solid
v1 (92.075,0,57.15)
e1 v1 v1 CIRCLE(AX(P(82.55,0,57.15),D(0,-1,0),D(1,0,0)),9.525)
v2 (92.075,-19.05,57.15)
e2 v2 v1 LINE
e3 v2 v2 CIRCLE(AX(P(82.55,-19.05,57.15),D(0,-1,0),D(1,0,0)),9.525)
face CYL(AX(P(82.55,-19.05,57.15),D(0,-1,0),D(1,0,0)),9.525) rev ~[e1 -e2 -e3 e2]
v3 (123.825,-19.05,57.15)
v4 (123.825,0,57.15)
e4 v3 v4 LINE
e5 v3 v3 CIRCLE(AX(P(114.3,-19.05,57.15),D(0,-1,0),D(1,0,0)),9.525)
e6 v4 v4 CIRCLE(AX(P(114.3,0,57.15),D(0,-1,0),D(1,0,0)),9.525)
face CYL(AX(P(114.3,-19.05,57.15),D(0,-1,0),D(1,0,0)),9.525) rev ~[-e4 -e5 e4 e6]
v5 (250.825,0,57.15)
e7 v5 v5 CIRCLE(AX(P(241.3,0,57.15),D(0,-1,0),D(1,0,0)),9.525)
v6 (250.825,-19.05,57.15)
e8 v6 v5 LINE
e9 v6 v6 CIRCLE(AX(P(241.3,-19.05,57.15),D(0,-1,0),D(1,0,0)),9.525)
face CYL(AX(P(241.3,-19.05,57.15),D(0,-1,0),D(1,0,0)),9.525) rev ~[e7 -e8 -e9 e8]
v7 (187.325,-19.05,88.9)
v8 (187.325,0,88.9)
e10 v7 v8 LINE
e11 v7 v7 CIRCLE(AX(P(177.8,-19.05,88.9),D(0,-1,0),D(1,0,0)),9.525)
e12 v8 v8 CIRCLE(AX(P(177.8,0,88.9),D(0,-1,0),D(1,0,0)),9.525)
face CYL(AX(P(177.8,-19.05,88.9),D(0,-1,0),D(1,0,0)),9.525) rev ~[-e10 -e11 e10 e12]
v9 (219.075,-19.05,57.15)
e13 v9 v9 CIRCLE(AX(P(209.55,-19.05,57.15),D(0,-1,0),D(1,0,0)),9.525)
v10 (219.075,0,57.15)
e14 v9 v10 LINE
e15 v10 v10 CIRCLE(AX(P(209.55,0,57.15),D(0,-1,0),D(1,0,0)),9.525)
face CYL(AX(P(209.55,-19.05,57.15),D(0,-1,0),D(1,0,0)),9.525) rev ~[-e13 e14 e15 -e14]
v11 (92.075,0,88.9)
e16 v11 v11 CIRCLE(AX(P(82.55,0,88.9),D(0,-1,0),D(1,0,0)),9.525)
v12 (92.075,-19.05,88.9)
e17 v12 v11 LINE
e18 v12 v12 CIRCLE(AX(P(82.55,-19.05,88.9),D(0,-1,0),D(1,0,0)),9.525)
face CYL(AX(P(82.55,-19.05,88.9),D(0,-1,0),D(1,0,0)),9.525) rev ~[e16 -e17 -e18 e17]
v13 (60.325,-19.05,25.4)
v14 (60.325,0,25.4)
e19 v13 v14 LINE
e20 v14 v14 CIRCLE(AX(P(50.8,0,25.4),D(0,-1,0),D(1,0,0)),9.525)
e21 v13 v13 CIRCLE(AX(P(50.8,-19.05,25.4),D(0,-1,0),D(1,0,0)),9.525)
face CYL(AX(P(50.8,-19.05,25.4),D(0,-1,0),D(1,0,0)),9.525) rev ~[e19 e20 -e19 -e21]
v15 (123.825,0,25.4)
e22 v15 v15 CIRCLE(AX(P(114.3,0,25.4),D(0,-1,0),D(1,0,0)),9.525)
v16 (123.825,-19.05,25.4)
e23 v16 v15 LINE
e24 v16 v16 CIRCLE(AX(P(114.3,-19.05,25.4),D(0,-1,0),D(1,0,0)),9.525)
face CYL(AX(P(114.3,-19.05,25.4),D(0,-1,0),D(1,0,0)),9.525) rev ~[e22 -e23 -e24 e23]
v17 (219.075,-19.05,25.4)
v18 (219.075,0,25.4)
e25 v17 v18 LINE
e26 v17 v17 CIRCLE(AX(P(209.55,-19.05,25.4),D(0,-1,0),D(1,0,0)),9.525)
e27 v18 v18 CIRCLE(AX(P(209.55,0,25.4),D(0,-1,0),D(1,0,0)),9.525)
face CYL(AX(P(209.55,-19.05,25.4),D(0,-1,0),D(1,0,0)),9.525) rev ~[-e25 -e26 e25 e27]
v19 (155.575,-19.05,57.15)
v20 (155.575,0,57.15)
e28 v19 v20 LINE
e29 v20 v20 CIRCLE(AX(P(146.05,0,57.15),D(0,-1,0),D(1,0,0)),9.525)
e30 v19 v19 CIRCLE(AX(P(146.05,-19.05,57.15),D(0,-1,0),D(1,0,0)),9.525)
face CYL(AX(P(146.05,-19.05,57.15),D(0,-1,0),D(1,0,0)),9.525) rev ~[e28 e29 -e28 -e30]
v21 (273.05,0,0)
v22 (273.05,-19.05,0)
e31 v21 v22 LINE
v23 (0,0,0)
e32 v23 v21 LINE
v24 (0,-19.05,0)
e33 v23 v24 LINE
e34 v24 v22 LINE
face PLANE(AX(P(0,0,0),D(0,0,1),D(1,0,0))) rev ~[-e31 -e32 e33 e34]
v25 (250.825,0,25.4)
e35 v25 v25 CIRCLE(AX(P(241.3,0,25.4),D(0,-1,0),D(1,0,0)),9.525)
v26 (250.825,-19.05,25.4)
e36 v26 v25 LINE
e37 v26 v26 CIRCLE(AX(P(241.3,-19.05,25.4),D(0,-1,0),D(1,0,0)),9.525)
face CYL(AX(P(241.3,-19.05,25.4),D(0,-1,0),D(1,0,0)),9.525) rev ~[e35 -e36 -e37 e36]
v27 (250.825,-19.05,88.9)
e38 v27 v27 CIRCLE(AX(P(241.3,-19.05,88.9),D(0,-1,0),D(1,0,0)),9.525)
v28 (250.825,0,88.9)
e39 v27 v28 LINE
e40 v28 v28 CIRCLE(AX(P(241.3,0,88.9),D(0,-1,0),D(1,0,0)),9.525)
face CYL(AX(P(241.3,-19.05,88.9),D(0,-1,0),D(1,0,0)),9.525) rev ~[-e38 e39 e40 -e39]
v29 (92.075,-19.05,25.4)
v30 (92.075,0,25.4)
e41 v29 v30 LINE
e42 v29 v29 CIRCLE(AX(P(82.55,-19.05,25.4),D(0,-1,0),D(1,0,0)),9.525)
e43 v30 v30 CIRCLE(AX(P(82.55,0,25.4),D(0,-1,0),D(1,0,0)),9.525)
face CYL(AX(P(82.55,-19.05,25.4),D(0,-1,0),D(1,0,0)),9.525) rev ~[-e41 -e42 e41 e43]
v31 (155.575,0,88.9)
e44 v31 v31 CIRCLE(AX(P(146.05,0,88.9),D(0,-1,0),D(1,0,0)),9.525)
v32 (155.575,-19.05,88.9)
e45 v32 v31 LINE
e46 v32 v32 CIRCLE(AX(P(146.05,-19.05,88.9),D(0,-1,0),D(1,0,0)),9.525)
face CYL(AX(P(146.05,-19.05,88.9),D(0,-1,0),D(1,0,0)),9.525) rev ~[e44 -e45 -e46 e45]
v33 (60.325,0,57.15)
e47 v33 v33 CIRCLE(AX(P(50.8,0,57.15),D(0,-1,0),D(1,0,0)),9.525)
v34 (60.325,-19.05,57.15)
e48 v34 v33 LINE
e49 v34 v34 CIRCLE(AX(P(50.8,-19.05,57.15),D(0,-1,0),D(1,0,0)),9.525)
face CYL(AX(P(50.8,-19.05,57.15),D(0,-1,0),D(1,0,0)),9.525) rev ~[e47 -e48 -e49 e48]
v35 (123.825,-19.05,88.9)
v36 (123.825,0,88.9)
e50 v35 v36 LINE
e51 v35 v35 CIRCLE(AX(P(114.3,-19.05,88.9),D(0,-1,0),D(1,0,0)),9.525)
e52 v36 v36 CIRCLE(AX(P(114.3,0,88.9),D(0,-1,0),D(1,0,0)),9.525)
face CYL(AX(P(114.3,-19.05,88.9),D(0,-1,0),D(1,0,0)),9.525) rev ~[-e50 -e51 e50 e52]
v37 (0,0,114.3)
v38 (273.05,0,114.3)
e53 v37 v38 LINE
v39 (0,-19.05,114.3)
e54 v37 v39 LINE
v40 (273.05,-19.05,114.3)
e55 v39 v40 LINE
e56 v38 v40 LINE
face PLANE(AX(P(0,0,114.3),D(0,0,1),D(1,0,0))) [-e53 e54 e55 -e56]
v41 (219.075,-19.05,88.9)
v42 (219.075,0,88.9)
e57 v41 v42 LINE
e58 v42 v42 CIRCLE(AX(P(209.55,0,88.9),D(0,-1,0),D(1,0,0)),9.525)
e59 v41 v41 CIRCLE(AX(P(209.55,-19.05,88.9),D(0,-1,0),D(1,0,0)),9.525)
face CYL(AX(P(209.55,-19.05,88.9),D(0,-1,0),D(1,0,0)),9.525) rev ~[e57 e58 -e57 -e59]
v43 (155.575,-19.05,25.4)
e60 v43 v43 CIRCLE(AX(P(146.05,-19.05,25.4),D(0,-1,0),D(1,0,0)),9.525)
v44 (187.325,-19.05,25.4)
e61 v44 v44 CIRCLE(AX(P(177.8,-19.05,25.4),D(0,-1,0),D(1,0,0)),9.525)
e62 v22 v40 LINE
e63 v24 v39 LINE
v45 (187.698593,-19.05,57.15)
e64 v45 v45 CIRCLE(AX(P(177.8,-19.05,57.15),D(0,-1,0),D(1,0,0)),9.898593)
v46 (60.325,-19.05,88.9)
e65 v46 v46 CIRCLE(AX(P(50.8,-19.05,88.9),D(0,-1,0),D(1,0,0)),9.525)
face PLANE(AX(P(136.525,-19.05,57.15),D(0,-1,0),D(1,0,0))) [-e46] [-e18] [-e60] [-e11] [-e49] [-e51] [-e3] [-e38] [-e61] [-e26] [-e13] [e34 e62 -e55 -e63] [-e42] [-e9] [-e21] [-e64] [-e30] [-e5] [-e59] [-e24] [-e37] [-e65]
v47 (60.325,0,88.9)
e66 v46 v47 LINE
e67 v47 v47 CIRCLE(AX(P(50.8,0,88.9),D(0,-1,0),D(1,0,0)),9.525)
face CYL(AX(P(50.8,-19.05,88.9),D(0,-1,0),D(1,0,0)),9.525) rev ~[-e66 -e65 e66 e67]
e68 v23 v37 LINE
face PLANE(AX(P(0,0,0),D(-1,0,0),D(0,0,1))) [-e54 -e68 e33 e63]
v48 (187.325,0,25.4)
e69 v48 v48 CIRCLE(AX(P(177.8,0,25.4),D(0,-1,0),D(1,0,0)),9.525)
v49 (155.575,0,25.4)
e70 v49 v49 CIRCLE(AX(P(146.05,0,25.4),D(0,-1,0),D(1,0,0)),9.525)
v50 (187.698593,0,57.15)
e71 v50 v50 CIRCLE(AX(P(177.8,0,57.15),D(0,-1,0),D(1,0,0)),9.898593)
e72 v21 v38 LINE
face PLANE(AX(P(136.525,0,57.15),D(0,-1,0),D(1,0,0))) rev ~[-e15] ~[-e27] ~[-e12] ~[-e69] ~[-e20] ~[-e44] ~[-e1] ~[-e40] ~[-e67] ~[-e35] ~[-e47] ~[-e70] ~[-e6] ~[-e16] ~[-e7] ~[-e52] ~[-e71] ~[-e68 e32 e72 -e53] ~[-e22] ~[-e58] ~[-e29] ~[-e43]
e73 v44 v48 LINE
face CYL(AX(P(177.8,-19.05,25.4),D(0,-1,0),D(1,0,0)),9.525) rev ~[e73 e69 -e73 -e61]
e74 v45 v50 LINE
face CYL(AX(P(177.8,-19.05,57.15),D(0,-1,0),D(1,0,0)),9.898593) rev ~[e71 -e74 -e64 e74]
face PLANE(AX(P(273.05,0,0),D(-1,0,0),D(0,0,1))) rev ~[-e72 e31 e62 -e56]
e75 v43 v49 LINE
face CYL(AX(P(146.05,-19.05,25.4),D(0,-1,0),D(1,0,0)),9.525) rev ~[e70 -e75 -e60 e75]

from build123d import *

# Parameters (mm, degrees)
F0_W     = 273.05
F0_H     = 114.3
F1_DEPTH = 19.05
F2_R     = 9.525
F2_R_2   = 9.898593
F3_DEPTH = 25.4


with BuildPart() as f1:
    # F0 (on Front) → F1 (new body)
    with BuildSketch(Plane.XZ):
        with Locations((136.525, 57.15)):
            Rectangle(F0_W, F0_H)
    extrude(amount=F1_DEPTH)

    # F2 (on face) → F3 (cut)
    with BuildSketch(Plane.XZ.offset(19.05)):
        with Locations((50.8, 88.9)):
            Circle(F2_R)
        with Locations((50.8, 57.15)):
            Circle(F2_R)
        with Locations((82.55, 88.9)):
            Circle(F2_R)
        with Locations((82.55, 57.15)):
            Circle(F2_R)
        with Locations((114.3, 88.9)):
            Circle(F2_R)
        with Locations((114.3, 57.15)):
            Circle(F2_R)
        with Locations((50.8, 25.4)):
            Circle(F2_R)
        with Locations((82.55, 25.4)):
            Circle(F2_R)
        with Locations((114.3, 25.4)):
            Circle(F2_R)
        with Locations((146.05, 88.9)):
            Circle(F2_R)
        with Locations((146.05, 57.15)):
            Circle(F2_R)
        with Locations((146.05, 25.4)):
            Circle(F2_R)
        with Locations((177.8, 88.9)):
            Circle(F2_R)
        with Locations((177.8, 57.15)):
            Circle(F2_R_2)
        with Locations((177.8, 25.4)):
            Circle(F2_R)
        with Locations((209.55, 88.9)):
            Circle(F2_R)
        with Locations((209.55, 57.15)):
            Circle(F2_R)
        with Locations((209.55, 25.4)):
            Circle(F2_R)
        with Locations((241.3, 88.9)):
            Circle(F2_R)
        with Locations((241.3, 57.15)):
            Circle(F2_R)
        with Locations((241.3, 25.4)):
            Circle(F2_R)
    extrude(amount=-F3_DEPTH, mode=Mode.SUBTRACT)


solid = f1.part
